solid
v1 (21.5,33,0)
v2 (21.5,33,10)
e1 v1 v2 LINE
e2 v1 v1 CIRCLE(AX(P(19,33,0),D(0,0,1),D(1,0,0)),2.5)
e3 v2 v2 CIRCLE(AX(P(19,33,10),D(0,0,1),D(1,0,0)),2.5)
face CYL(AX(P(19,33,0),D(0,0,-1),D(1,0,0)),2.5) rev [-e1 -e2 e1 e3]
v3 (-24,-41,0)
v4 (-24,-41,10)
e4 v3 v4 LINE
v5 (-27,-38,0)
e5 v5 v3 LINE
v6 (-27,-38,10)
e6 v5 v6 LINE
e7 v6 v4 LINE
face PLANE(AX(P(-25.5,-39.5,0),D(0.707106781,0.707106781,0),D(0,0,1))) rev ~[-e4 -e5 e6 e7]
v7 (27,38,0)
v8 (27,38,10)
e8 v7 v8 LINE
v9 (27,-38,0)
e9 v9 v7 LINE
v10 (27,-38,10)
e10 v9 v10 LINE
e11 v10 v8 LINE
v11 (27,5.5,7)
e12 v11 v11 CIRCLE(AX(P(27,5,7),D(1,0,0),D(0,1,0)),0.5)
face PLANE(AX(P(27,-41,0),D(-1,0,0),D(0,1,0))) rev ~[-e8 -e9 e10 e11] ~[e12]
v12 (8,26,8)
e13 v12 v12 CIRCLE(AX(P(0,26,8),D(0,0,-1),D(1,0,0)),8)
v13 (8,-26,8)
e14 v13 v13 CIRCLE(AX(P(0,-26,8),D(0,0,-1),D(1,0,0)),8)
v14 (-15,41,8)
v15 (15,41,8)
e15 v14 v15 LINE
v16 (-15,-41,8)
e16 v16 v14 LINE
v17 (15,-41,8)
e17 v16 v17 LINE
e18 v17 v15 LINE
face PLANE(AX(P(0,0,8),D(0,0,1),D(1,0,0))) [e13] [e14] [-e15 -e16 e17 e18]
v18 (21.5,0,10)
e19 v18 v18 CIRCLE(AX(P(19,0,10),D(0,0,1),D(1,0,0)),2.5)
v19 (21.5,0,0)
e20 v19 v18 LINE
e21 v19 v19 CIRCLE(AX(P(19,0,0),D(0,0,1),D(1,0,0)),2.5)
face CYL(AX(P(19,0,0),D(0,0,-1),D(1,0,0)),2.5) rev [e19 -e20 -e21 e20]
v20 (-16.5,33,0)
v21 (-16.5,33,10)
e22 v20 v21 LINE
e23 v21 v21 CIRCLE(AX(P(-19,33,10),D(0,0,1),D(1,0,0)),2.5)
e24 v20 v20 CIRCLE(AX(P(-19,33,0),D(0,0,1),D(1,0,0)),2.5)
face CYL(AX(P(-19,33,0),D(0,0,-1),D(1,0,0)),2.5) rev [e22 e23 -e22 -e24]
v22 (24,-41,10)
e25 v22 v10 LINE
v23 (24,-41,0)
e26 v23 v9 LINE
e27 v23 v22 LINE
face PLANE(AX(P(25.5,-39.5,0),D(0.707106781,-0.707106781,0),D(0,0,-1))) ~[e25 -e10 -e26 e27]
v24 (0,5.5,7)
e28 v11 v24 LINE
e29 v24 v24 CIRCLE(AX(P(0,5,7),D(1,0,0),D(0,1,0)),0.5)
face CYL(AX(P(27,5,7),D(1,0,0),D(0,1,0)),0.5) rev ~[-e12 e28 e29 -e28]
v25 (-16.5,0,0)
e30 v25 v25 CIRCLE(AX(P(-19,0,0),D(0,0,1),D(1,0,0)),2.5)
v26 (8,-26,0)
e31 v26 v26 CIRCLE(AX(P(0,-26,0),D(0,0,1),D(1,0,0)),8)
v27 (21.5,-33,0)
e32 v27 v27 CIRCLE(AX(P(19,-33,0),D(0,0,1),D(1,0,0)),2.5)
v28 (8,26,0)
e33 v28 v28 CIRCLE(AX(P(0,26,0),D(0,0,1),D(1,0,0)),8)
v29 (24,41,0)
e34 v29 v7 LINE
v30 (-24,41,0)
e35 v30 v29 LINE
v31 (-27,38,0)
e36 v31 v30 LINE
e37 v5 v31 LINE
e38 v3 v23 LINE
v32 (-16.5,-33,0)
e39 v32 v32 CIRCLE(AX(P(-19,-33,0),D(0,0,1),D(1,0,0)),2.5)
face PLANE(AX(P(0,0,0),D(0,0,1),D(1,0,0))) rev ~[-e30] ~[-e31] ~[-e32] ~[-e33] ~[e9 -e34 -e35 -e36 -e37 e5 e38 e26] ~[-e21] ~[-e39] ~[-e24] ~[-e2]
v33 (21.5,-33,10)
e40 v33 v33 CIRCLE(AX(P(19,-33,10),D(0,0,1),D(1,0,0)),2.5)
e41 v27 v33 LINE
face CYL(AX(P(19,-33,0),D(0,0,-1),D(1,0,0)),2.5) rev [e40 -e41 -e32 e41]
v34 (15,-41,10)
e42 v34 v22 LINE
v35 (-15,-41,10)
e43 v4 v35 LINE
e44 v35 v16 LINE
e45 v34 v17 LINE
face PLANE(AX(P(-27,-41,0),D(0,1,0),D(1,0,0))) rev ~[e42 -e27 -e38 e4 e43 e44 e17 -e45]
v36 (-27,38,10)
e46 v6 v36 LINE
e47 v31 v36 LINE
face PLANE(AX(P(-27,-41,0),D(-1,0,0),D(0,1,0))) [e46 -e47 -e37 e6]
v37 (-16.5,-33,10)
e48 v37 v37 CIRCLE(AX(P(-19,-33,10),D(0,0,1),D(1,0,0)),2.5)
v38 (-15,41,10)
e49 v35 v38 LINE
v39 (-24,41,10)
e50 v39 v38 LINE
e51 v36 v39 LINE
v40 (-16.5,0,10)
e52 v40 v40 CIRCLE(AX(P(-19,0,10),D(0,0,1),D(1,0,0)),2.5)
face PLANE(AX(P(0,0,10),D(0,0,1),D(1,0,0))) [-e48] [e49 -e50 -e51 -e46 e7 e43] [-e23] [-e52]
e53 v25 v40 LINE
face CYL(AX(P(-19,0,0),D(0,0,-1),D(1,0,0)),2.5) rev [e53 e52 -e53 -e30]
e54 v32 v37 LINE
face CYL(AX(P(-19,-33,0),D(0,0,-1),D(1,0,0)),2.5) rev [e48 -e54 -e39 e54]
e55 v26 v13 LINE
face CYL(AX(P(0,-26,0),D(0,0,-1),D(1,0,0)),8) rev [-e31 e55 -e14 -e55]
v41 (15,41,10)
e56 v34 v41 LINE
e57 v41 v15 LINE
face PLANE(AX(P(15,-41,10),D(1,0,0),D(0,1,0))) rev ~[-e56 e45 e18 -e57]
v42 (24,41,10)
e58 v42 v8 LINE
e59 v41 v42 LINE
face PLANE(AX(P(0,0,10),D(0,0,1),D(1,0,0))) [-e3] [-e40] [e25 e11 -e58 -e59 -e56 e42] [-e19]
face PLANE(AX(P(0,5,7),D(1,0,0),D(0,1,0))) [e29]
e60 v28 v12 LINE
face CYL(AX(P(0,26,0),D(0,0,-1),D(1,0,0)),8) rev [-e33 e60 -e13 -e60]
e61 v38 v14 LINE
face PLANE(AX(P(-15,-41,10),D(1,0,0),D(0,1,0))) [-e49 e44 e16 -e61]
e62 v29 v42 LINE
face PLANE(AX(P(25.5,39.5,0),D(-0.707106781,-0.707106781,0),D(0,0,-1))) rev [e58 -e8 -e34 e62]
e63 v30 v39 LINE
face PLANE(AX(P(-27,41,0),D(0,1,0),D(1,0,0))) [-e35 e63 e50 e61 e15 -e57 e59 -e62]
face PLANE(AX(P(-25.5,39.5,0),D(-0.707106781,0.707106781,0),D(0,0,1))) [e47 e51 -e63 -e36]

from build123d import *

# Parameters (mm, degrees)
F0_W     = 54
F0_H     = 82
F0_R     = 2.5
F0_R_2   = 8
F1_DEPTH = 10
F2_SIZE  = 3
F3_W     = 30
F3_H     = 82
F4_DEPTH = 2
F5_R     = 0.5
F6_DEPTH = 27


with BuildPart() as f1:
    # F0 (on Top) → F1 (new body)
    with BuildSketch(Plane.XY):
        Rectangle(F0_W, F0_H)
        with Locations((-19, -33)):
            Circle(F0_R, mode=Mode.SUBTRACT)
        with Locations((0, -26)):
            Circle(F0_R_2, mode=Mode.SUBTRACT)
        with Locations((19, -33)):
            Circle(F0_R, mode=Mode.SUBTRACT)
        with Locations((-19, 0)):
            Circle(F0_R, mode=Mode.SUBTRACT)
        with Locations((-19, 33)):
            Circle(F0_R, mode=Mode.SUBTRACT)
        with Locations((19, 0)):
            Circle(F0_R, mode=Mode.SUBTRACT)
        with Locations((0, 26)):
            Circle(F0_R_2, mode=Mode.SUBTRACT)
        with Locations((19, 33)):
            Circle(F0_R, mode=Mode.SUBTRACT)
    extrude(amount=F1_DEPTH)

    # F2
    f2_edges = [f1.edges().sort_by_distance(p)[0] for p in [
        (27, -41, 5),
        (-27, -41, 5),
        (27, 41, 5),
        (-27, 41, 5),
    ]]
    chamfer(f2_edges, length=F2_SIZE)

    # F3 (on face) → F4 (cut)
    with BuildSketch(Plane.XY.offset(10)):
        Rectangle(F3_W, F3_H)
    extrude(amount=-F4_DEPTH, mode=Mode.SUBTRACT)

    # F5 (on face) → F6 (cut)
    with BuildSketch(Plane.YZ.offset(27)):
        with Locations((5, 7)):
            Circle(F5_R)
    extrude(amount=-F6_DEPTH, mode=Mode.SUBTRACT)


solid = f1.part
